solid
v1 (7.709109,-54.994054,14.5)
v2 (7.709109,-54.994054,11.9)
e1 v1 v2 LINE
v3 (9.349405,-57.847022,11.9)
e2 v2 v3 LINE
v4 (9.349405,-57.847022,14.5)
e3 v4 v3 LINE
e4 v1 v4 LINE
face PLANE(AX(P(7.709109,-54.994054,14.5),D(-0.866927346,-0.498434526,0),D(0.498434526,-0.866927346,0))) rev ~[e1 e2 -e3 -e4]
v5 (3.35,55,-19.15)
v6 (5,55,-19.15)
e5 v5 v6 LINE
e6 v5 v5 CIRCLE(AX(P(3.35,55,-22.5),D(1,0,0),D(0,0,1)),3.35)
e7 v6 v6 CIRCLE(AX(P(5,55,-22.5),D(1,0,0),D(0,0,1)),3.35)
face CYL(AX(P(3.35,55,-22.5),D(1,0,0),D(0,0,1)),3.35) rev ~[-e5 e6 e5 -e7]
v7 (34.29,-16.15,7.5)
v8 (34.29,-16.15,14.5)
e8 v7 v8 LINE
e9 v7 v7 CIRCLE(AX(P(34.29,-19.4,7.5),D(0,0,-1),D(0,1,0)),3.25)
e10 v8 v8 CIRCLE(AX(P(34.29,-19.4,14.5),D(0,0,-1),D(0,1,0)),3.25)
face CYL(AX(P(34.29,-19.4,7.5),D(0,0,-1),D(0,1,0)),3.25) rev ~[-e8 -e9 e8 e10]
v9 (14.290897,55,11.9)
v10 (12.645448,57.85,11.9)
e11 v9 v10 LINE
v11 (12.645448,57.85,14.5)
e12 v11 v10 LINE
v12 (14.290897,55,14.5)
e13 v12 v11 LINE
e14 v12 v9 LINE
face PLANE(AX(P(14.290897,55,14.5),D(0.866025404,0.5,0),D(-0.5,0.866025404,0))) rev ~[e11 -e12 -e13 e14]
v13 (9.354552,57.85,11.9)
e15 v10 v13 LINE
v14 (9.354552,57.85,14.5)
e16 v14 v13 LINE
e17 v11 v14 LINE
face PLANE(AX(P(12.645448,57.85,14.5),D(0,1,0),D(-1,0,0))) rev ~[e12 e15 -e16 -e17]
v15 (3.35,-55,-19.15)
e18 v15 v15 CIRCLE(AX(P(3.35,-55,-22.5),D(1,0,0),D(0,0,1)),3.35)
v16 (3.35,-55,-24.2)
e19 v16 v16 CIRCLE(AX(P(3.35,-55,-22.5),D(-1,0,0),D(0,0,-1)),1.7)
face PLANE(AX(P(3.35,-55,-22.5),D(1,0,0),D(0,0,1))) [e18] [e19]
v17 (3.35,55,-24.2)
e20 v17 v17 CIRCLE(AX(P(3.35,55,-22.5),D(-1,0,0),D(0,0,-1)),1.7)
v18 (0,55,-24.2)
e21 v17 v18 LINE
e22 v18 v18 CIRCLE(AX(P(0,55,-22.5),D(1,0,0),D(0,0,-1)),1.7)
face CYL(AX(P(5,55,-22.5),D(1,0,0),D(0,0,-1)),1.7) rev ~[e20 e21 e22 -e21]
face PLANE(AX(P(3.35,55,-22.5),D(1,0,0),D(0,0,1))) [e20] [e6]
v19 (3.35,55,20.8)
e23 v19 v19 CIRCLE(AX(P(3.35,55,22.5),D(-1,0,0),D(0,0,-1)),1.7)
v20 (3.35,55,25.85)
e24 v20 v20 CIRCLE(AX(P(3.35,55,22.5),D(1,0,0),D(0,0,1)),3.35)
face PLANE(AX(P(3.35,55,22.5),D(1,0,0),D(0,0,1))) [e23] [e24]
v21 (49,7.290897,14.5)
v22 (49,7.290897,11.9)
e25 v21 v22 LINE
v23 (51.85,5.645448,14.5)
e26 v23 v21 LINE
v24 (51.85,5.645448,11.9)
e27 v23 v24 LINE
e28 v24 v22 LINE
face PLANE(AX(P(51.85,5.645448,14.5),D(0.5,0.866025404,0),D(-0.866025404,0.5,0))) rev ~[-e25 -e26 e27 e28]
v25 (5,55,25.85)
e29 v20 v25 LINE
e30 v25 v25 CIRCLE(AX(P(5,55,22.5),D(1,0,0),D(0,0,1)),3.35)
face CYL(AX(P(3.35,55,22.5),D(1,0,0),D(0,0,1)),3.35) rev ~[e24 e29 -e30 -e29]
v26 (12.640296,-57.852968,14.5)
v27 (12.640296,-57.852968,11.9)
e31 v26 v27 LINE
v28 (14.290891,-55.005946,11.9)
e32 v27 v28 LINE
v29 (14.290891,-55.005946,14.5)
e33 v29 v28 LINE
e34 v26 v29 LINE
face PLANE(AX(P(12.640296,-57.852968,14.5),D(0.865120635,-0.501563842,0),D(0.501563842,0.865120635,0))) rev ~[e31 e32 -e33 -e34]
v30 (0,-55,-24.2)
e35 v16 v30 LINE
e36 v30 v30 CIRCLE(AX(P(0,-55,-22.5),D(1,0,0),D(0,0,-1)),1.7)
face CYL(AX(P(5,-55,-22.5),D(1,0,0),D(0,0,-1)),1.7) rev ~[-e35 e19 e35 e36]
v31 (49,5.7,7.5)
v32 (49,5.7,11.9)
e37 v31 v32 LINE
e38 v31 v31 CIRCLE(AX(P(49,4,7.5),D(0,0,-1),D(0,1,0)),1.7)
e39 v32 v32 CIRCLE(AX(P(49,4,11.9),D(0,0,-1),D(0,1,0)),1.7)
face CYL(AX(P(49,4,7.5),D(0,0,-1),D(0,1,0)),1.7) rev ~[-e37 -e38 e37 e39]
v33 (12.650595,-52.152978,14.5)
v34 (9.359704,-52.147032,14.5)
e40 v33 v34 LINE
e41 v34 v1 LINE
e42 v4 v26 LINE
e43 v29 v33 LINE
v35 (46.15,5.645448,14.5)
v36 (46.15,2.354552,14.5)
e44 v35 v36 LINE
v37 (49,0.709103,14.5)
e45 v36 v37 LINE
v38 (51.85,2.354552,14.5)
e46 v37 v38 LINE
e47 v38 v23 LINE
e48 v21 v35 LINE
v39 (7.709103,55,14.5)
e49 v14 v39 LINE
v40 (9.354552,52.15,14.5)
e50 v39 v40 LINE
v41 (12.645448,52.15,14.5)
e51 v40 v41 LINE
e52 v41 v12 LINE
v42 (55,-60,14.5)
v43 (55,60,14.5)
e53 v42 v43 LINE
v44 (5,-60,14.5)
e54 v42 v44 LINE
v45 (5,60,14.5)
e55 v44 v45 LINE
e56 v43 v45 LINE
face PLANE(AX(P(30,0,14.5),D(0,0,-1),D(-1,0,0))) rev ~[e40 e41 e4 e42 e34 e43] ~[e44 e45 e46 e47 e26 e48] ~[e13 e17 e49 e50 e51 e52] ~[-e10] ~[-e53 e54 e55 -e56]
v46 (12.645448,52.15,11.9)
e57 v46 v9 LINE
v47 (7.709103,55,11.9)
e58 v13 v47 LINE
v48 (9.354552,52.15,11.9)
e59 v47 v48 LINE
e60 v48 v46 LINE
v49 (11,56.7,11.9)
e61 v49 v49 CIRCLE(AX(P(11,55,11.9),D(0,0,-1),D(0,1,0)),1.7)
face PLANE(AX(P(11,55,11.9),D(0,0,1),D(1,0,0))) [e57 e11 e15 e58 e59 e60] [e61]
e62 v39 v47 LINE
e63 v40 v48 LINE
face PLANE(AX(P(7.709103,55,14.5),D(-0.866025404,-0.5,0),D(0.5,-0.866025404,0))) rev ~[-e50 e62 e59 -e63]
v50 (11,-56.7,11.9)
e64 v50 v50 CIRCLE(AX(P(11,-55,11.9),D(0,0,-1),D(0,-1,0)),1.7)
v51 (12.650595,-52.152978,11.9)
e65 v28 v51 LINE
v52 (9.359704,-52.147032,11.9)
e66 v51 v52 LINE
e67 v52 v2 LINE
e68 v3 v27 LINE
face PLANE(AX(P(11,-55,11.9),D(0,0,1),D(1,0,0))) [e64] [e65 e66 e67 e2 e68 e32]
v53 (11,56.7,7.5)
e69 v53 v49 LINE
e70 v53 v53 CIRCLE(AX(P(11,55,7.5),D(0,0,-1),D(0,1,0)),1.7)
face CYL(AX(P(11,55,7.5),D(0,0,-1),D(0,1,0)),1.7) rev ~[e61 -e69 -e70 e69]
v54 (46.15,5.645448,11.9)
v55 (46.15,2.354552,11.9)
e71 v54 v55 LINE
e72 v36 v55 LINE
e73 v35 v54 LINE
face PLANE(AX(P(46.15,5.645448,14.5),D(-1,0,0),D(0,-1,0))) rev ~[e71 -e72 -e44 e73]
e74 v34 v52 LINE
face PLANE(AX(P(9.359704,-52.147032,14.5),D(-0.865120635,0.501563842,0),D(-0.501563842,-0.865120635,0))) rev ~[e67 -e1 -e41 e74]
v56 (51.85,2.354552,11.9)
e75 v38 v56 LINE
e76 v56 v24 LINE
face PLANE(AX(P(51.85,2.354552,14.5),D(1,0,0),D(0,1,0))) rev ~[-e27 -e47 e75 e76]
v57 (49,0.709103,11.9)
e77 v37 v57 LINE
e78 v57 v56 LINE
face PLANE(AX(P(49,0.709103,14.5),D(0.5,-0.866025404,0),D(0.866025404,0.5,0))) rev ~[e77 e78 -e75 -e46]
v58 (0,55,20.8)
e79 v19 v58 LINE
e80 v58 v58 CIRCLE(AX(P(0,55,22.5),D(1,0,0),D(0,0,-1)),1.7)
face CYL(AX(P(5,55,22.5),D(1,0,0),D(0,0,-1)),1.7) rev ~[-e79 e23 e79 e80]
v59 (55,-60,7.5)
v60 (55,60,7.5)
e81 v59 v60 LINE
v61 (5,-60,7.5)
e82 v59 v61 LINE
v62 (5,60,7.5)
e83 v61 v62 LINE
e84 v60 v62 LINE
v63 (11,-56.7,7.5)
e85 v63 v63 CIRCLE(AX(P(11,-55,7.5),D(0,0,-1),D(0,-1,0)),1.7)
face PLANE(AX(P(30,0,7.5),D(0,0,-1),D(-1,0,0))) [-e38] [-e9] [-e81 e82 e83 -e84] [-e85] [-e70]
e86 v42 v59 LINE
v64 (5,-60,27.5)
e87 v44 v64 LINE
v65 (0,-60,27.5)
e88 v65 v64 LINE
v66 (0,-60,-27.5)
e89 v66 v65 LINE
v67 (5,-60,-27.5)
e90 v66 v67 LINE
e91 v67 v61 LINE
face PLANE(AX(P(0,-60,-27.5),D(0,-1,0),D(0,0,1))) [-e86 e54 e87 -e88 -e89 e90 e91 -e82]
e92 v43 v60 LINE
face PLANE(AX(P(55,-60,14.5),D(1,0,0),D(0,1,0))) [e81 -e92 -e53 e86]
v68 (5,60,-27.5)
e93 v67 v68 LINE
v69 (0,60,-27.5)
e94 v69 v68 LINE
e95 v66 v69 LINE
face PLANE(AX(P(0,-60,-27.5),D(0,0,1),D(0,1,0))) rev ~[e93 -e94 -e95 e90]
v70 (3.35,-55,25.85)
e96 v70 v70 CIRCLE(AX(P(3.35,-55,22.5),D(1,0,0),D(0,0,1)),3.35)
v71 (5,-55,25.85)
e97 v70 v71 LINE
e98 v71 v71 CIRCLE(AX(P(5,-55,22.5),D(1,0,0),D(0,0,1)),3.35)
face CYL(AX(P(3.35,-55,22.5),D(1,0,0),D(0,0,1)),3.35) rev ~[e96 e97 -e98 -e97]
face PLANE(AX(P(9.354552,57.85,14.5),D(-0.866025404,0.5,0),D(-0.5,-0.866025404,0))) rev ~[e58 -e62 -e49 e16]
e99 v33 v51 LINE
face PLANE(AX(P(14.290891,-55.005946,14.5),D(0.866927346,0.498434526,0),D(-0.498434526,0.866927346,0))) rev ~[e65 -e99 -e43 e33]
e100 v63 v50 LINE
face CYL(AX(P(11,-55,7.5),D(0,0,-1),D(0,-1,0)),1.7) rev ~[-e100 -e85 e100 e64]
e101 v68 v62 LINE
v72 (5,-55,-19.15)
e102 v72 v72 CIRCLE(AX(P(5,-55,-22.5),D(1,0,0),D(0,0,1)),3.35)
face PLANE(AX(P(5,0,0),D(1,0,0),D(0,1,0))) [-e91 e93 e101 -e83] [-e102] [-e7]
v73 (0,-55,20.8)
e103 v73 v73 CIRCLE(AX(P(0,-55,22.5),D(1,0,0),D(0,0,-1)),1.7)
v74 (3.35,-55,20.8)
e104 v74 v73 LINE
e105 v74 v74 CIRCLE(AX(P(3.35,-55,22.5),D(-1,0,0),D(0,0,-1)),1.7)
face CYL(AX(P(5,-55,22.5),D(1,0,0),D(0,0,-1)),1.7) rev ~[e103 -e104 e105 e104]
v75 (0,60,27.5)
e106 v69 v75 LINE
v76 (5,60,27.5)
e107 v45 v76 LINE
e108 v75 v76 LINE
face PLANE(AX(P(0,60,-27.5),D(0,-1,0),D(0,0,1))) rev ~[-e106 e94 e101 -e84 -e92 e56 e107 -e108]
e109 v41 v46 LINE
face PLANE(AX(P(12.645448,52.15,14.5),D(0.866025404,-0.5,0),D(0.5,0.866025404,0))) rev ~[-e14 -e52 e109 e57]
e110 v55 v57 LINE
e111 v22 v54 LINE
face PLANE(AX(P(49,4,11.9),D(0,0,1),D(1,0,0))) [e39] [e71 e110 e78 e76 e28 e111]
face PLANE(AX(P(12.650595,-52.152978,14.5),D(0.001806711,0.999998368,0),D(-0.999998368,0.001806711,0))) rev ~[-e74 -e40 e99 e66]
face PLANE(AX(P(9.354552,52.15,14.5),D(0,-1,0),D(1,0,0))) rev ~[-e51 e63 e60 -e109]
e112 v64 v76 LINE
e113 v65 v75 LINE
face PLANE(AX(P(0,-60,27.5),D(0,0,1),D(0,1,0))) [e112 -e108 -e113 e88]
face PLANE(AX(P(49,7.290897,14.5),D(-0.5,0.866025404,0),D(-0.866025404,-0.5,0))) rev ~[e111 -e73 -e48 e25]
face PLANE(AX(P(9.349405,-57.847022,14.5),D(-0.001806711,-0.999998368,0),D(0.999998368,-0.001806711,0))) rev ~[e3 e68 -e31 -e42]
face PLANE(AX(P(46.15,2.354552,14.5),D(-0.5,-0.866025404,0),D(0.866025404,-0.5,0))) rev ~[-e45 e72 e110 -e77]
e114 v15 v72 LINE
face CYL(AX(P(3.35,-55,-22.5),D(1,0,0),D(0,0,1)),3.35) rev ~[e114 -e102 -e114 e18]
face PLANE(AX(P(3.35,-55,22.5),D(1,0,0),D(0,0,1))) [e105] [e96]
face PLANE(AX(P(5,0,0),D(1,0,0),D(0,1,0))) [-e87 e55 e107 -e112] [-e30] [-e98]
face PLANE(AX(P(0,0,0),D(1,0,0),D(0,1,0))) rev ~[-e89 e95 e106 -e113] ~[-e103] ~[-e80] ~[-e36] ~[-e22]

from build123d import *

# Parameters (mm, degrees)
SKETCH1_W                       = 120
SKETCH1_H                       = 55
BOSS_EXTRUDE1_DEPTH             = 5
BOSS_EXTRUDE2_DEPTH             = 5
BOSS_EXTRUDE2_DEPTH_BACK        = 2
SKETCH2_W                       = 50
SKETCH2_H                       = 120
SKETCH8_R                       = 1.7
CUT_EXTRUDE4_DEPTH              = 5
CBORE_FOR_M3_SBHCS1_D           = 3.4
CBORE_FOR_M3_SBHCS1_DEPTH       = 3.15
CBORE_FOR_M3_SBHCS1_CBORE_D     = 6.7
CBORE_FOR_M3_SBHCS1_CBORE_DEPTH = 1.65
CBORE_FOR_M3_SBHCS1_TIP         = 1.021463052
CBORE_FOR_M3_SBHCS2_D           = 3.4
CBORE_FOR_M3_SBHCS2_DEPTH       = 3.15
CBORE_FOR_M3_SBHCS2_CBORE_D     = 6.7
CBORE_FOR_M3_SBHCS2_CBORE_DEPTH = 1.65
CBORE_FOR_M3_SBHCS2_TIP         = 1.021463052
CBORE_FOR_M3_SBHCS3_D           = 3.4
CBORE_FOR_M3_SBHCS3_DEPTH       = 3.15
CBORE_FOR_M3_SBHCS3_CBORE_D     = 6.7
CBORE_FOR_M3_SBHCS3_CBORE_DEPTH = 1.65
CBORE_FOR_M3_SBHCS3_TIP         = 1.021463052
CBORE_FOR_M3_SBHCS4_D           = 3.4
CBORE_FOR_M3_SBHCS4_DEPTH       = 3.15
CBORE_FOR_M3_SBHCS4_CBORE_D     = 6.7
CBORE_FOR_M3_SBHCS4_CBORE_DEPTH = 1.65
CBORE_FOR_M3_SBHCS4_TIP         = 1.021463052
SKETCH13_R                      = 3.25
CUT_EXTRUDE5_DEPTH              = 7
SKETCH14_R                      = 1.7
CUT_EXTRUDE6_DEPTH              = 7
SKETCH16_R                      = 1.7
CUT_EXTRUDE8_DEPTH              = 7
CUT_EXTRUDE9_DEPTH              = 2.6


with BuildPart() as part:
    # Sketch1 → Boss-Extrude1 (new body)
    with BuildSketch(Plane.YZ):
        Rectangle(SKETCH1_W, SKETCH1_H)
    extrude(amount=BOSS_EXTRUDE1_DEPTH)

    # Sketch2 → Boss-Extrude2 (add, two sides: drawn at the far end of the back side and taken through both)
    with BuildSketch(Plane(origin=(0, 0, 12.5), x_dir=(-1, 0, 0), z_dir=(0, 0, -1)).offset(-BOSS_EXTRUDE2_DEPTH_BACK)):
        with Locations((-30, 0)):
            Rectangle(SKETCH2_W, SKETCH2_H)
    extrude(amount=BOSS_EXTRUDE2_DEPTH + BOSS_EXTRUDE2_DEPTH_BACK)

    # Sketch8 → Cut-Extrude4 (cut)
    with BuildSketch(Plane.YZ.offset(5)):
        with Locations((-55, 22.5)):
            Circle(SKETCH8_R)
        with Locations((-55, -22.5)):
            Circle(SKETCH8_R)
        with Locations((55, 22.5)):
            Circle(SKETCH8_R)
        with Locations((55, -22.5)):
            Circle(SKETCH8_R)
    extrude(amount=-CUT_EXTRUDE4_DEPTH, mode=Mode.SUBTRACT)

    # CBORE for M3 SBHCS1
    with Locations(Plane(origin=(5, 55, -22.5), x_dir=(0, 0, 1), z_dir=(1, 0, 0))):
        with Locations((0, 0)):
            CounterBoreHole(CBORE_FOR_M3_SBHCS1_D / 2, CBORE_FOR_M3_SBHCS1_CBORE_D / 2, CBORE_FOR_M3_SBHCS1_CBORE_DEPTH, depth=CBORE_FOR_M3_SBHCS1_DEPTH)
            with Locations((0, 0, -(CBORE_FOR_M3_SBHCS1_DEPTH + CBORE_FOR_M3_SBHCS1_TIP / 2))):  # 118° drill point
                Cone(0, CBORE_FOR_M3_SBHCS1_D / 2, CBORE_FOR_M3_SBHCS1_TIP, mode=Mode.SUBTRACT)

    # CBORE for M3 SBHCS2
    with Locations(Plane(origin=(5, 55, 22.5), x_dir=(0, 0, 1), z_dir=(1, 0, 0))):
        with Locations((0, 0)):
            CounterBoreHole(CBORE_FOR_M3_SBHCS2_D / 2, CBORE_FOR_M3_SBHCS2_CBORE_D / 2, CBORE_FOR_M3_SBHCS2_CBORE_DEPTH, depth=CBORE_FOR_M3_SBHCS2_DEPTH)
            with Locations((0, 0, -(CBORE_FOR_M3_SBHCS2_DEPTH + CBORE_FOR_M3_SBHCS2_TIP / 2))):  # 118° drill point
                Cone(0, CBORE_FOR_M3_SBHCS2_D / 2, CBORE_FOR_M3_SBHCS2_TIP, mode=Mode.SUBTRACT)

    # CBORE for M3 SBHCS3
    with Locations(Plane(origin=(5, -55, -22.5), x_dir=(0, 0, 1), z_dir=(1, 0, 0))):
        with Locations((0, 0)):
            CounterBoreHole(CBORE_FOR_M3_SBHCS3_D / 2, CBORE_FOR_M3_SBHCS3_CBORE_D / 2, CBORE_FOR_M3_SBHCS3_CBORE_DEPTH, depth=CBORE_FOR_M3_SBHCS3_DEPTH)
            with Locations((0, 0, -(CBORE_FOR_M3_SBHCS3_DEPTH + CBORE_FOR_M3_SBHCS3_TIP / 2))):  # 118° drill point
                Cone(0, CBORE_FOR_M3_SBHCS3_D / 2, CBORE_FOR_M3_SBHCS3_TIP, mode=Mode.SUBTRACT)

    # CBORE for M3 SBHCS4
    with Locations(Plane(origin=(5, -55, 22.5), x_dir=(0, 0, 1), z_dir=(1, 0, 0))):
        with Locations((0, 0)):
            CounterBoreHole(CBORE_FOR_M3_SBHCS4_D / 2, CBORE_FOR_M3_SBHCS4_CBORE_D / 2, CBORE_FOR_M3_SBHCS4_CBORE_DEPTH, depth=CBORE_FOR_M3_SBHCS4_DEPTH)
            with Locations((0, 0, -(CBORE_FOR_M3_SBHCS4_DEPTH + CBORE_FOR_M3_SBHCS4_TIP / 2))):  # 118° drill point
                Cone(0, CBORE_FOR_M3_SBHCS4_D / 2, CBORE_FOR_M3_SBHCS4_TIP, mode=Mode.SUBTRACT)

    # Sketch13 → Cut-Extrude5 (cut)
    with BuildSketch(Plane(origin=(0, 0, 7.5), x_dir=(1, 0, 0), z_dir=(0, 0, -1))):
        with Locations((34.29, 19.4)):
            Circle(SKETCH13_R)
    extrude(amount=-CUT_EXTRUDE5_DEPTH, mode=Mode.SUBTRACT)

    # Sketch14 → Cut-Extrude6 (cut)
    with BuildSketch(Plane(origin=(0, 0, 7.5), x_dir=(1, 0, 0), z_dir=(0, 0, -1))):
        with Locations((11, -55)):
            Circle(SKETCH14_R)
        with Locations((11, 55)):
            Circle(SKETCH14_R)
    extrude(amount=-CUT_EXTRUDE6_DEPTH, mode=Mode.SUBTRACT)

    # Sketch16 → Cut-Extrude8 (cut)
    with BuildSketch(Plane(origin=(0, 0, 7.5), x_dir=(1, 0, 0), z_dir=(0, 0, -1))):
        with Locations((49, -4)):
            Circle(SKETCH16_R)
    extrude(amount=-CUT_EXTRUDE8_DEPTH, mode=Mode.SUBTRACT)

    # Sketch17 → Cut-Extrude9 (cut)
    with BuildSketch(Plane.XY.offset(14.5)):
        Polygon((7.709103466, 55), (9.354551733, 52.15), (12.645448267, 52.15), (14.290896534, 55), (12.645448267, 57.85), (9.354551733, 57.85), align=None)
        Polygon((46.15, 2.354551733), (49, 0.709103466), (51.85, 2.354551733), (51.85, 5.645448267), (49, 7.290896534), (46.15, 5.645448267), align=None)
        Polygon((7.709108837, -54.9940543), (9.349405291, -57.847022499), (12.640296454, -57.852968198), (14.290891163, -55.0059457), (12.650594709, -52.152977501), (9.359703546, -52.147031802), align=None)
    extrude(amount=-CUT_EXTRUDE9_DEPTH, mode=Mode.SUBTRACT)


solid = part.part
